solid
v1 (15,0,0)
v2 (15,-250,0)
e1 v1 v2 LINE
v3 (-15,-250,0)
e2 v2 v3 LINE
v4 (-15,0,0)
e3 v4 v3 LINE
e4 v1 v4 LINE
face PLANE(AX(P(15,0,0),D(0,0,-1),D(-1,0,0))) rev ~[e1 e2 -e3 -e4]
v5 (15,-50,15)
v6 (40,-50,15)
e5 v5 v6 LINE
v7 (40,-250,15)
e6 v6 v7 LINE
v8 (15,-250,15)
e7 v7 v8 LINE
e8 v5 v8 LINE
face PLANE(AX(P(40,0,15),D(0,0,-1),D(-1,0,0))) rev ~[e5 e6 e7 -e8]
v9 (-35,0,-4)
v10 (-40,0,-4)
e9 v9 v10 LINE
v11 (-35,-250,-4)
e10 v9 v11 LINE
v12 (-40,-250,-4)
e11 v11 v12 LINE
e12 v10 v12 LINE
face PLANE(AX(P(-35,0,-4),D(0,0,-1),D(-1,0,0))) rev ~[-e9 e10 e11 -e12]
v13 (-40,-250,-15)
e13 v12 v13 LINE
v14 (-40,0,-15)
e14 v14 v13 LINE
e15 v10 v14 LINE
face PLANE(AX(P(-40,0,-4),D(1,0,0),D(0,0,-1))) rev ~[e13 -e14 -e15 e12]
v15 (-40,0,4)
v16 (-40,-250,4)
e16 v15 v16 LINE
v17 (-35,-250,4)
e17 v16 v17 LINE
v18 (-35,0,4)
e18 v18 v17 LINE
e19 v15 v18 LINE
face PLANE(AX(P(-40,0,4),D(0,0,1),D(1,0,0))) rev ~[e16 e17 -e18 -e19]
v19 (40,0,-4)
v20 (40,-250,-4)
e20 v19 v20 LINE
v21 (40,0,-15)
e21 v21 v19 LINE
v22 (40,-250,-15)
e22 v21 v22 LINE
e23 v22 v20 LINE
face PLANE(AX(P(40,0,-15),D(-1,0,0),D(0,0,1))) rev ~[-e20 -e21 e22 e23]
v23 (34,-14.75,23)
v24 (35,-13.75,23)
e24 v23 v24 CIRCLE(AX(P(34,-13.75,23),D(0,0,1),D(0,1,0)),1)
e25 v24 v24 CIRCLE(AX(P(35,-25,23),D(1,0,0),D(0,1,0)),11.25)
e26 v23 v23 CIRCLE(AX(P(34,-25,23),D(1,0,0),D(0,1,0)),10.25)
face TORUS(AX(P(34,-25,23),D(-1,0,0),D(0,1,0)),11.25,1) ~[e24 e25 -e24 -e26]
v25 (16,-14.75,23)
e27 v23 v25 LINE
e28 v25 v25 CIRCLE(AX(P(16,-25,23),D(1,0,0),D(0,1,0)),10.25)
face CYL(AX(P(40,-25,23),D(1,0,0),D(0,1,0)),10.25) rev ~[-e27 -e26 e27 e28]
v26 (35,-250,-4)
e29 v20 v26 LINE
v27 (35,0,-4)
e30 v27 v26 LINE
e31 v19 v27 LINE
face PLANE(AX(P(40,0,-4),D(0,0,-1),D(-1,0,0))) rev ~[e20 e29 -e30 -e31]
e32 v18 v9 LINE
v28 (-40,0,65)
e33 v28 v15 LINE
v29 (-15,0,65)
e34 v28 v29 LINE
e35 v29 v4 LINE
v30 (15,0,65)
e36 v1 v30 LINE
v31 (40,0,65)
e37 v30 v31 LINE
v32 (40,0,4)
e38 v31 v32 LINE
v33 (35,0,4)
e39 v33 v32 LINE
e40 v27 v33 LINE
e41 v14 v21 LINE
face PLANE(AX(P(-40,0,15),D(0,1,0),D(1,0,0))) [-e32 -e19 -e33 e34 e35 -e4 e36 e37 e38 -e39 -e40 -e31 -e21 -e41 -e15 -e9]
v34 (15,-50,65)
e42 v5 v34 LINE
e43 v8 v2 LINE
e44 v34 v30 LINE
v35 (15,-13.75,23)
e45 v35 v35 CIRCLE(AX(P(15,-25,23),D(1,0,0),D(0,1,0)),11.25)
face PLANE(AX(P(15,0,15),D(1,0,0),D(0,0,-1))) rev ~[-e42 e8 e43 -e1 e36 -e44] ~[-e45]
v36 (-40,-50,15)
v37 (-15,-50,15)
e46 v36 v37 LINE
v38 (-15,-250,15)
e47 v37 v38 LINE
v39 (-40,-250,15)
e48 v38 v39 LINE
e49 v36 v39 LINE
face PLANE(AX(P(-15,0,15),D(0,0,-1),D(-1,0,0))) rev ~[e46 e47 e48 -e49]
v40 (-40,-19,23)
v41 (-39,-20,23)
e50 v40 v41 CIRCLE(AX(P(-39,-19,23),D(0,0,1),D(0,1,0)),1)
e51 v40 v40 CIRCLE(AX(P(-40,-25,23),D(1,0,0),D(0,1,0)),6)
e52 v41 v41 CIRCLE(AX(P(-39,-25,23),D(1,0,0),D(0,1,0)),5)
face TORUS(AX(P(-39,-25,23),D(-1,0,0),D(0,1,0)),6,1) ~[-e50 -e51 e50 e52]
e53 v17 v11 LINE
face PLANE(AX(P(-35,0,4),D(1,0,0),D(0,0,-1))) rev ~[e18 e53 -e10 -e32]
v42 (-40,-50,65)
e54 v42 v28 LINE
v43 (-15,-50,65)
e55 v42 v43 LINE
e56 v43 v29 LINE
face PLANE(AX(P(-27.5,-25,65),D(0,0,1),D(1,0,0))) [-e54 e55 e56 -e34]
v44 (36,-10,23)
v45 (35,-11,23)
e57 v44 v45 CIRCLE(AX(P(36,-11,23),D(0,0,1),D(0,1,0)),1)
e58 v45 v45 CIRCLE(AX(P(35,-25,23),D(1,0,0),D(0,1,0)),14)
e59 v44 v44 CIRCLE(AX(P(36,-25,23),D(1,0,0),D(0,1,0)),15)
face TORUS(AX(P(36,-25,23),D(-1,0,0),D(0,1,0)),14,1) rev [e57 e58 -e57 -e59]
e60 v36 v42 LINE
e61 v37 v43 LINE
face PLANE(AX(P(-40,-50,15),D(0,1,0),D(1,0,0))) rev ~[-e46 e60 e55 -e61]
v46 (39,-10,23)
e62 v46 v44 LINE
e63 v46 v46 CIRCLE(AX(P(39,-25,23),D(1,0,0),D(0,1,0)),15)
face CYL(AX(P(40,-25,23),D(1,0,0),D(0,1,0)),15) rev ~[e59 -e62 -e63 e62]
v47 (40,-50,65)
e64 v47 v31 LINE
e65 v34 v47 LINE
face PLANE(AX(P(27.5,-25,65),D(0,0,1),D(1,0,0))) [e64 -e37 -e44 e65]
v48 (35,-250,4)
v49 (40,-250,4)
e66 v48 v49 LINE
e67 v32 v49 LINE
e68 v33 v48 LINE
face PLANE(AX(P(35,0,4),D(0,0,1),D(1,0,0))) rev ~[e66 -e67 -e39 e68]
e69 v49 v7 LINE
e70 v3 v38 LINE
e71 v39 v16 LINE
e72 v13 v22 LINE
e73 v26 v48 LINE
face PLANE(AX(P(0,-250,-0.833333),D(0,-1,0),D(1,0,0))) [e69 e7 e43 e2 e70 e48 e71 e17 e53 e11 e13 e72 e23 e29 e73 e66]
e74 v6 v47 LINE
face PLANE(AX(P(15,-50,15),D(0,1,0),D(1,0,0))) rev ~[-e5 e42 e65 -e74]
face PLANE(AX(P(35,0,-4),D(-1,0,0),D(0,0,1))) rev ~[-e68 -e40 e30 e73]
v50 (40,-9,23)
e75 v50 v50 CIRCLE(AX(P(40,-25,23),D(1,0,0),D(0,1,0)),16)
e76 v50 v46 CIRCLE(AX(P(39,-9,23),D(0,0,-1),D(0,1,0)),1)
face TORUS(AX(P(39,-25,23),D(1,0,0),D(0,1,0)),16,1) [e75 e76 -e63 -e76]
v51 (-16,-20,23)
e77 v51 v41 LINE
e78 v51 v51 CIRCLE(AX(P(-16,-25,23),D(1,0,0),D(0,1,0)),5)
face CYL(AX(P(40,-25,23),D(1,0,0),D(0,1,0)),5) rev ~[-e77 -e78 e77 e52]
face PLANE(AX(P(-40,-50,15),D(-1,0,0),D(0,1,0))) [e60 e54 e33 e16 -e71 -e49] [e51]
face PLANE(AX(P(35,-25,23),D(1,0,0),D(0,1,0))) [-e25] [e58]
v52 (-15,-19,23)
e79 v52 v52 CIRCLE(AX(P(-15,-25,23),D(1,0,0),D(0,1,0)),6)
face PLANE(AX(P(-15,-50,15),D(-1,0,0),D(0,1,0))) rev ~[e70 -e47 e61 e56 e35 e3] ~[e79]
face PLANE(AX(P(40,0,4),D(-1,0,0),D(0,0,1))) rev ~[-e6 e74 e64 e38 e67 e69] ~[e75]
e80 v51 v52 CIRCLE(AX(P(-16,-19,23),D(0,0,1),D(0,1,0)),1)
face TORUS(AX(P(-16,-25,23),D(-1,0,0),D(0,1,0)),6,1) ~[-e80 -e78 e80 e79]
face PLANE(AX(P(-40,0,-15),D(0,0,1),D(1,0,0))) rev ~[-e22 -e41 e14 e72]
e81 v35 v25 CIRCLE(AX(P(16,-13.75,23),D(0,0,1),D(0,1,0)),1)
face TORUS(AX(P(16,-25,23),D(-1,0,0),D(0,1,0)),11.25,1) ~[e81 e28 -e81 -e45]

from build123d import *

# Parameters (mm, degrees)
F1_DEPTH = 250
F2_W     = 25
F2_H     = 50
F3_DEPTH = 50
F4_R     = 5
F5_DEPTH = 100
F4_R_2   = 10.25
F6_DEPTH = 25.8
F4_R_3   = 15
F7_DEPTH = 5
F8_R     = 1


with BuildPart() as f1:
    # F0 (on Front) → F1 (new body)
    with BuildSketch(Plane.XZ):
        Polygon((-40, -15), (40, -15), (40, -4), (35, -4), (35, 4), (40, 4), (40, 15), (15, 15), (15, 0), (-15, 0), (-15, 15), (-40, 15), (-40, 4), (-35, 4), (-35, -4), (-40, -4), align=None)
    extrude(amount=F1_DEPTH)

    # F2 (on face) → F3 (join)
    with BuildSketch(Plane.XY.offset(15)):
        with Locations((-27.5, -25)):
            Rectangle(F2_W, F2_H)
        with Locations((27.5, -25)):
            Rectangle(F2_W, F2_H)
    extrude(amount=F3_DEPTH)

    # F4 (on face) → F5 (cut)
    with BuildSketch(Plane.YZ.offset(40)):
        with Locations((-25, 23)):
            Circle(F4_R)
    extrude(amount=-F5_DEPTH, mode=Mode.SUBTRACT)

    # F4 (on face) → F6 (cut)
    with BuildSketch(Plane.YZ.offset(40)):
        with Locations((-25, 23)):
            Circle(F4_R_2)
        with Locations((-25, 23)):
            Circle(F4_R, mode=Mode.SUBTRACT)
    extrude(amount=-F6_DEPTH, mode=Mode.SUBTRACT)

    # F4 (on face) → F7 (cut)
    with BuildSketch(Plane.YZ.offset(40)):
        with Locations((-25, 23)):
            Circle(F4_R_3)
        with Locations((-25, 23)):
            Circle(F4_R_2, mode=Mode.SUBTRACT)
    extrude(amount=-F7_DEPTH, mode=Mode.SUBTRACT)

    # F8
    f8_edges = [f1.edges().sort_by_distance(p)[0] for p in [
        (35, -40, 23),
        (35, -35.25, 23),
        (15, -35.25, 23),
        (-15, -30, 23),
        (-27.5, -20, 23),
        (-40, -30, 23),
        (40, -40, 23),
    ]]
    fillet(f8_edges, radius=F8_R)


solid = f1.part
